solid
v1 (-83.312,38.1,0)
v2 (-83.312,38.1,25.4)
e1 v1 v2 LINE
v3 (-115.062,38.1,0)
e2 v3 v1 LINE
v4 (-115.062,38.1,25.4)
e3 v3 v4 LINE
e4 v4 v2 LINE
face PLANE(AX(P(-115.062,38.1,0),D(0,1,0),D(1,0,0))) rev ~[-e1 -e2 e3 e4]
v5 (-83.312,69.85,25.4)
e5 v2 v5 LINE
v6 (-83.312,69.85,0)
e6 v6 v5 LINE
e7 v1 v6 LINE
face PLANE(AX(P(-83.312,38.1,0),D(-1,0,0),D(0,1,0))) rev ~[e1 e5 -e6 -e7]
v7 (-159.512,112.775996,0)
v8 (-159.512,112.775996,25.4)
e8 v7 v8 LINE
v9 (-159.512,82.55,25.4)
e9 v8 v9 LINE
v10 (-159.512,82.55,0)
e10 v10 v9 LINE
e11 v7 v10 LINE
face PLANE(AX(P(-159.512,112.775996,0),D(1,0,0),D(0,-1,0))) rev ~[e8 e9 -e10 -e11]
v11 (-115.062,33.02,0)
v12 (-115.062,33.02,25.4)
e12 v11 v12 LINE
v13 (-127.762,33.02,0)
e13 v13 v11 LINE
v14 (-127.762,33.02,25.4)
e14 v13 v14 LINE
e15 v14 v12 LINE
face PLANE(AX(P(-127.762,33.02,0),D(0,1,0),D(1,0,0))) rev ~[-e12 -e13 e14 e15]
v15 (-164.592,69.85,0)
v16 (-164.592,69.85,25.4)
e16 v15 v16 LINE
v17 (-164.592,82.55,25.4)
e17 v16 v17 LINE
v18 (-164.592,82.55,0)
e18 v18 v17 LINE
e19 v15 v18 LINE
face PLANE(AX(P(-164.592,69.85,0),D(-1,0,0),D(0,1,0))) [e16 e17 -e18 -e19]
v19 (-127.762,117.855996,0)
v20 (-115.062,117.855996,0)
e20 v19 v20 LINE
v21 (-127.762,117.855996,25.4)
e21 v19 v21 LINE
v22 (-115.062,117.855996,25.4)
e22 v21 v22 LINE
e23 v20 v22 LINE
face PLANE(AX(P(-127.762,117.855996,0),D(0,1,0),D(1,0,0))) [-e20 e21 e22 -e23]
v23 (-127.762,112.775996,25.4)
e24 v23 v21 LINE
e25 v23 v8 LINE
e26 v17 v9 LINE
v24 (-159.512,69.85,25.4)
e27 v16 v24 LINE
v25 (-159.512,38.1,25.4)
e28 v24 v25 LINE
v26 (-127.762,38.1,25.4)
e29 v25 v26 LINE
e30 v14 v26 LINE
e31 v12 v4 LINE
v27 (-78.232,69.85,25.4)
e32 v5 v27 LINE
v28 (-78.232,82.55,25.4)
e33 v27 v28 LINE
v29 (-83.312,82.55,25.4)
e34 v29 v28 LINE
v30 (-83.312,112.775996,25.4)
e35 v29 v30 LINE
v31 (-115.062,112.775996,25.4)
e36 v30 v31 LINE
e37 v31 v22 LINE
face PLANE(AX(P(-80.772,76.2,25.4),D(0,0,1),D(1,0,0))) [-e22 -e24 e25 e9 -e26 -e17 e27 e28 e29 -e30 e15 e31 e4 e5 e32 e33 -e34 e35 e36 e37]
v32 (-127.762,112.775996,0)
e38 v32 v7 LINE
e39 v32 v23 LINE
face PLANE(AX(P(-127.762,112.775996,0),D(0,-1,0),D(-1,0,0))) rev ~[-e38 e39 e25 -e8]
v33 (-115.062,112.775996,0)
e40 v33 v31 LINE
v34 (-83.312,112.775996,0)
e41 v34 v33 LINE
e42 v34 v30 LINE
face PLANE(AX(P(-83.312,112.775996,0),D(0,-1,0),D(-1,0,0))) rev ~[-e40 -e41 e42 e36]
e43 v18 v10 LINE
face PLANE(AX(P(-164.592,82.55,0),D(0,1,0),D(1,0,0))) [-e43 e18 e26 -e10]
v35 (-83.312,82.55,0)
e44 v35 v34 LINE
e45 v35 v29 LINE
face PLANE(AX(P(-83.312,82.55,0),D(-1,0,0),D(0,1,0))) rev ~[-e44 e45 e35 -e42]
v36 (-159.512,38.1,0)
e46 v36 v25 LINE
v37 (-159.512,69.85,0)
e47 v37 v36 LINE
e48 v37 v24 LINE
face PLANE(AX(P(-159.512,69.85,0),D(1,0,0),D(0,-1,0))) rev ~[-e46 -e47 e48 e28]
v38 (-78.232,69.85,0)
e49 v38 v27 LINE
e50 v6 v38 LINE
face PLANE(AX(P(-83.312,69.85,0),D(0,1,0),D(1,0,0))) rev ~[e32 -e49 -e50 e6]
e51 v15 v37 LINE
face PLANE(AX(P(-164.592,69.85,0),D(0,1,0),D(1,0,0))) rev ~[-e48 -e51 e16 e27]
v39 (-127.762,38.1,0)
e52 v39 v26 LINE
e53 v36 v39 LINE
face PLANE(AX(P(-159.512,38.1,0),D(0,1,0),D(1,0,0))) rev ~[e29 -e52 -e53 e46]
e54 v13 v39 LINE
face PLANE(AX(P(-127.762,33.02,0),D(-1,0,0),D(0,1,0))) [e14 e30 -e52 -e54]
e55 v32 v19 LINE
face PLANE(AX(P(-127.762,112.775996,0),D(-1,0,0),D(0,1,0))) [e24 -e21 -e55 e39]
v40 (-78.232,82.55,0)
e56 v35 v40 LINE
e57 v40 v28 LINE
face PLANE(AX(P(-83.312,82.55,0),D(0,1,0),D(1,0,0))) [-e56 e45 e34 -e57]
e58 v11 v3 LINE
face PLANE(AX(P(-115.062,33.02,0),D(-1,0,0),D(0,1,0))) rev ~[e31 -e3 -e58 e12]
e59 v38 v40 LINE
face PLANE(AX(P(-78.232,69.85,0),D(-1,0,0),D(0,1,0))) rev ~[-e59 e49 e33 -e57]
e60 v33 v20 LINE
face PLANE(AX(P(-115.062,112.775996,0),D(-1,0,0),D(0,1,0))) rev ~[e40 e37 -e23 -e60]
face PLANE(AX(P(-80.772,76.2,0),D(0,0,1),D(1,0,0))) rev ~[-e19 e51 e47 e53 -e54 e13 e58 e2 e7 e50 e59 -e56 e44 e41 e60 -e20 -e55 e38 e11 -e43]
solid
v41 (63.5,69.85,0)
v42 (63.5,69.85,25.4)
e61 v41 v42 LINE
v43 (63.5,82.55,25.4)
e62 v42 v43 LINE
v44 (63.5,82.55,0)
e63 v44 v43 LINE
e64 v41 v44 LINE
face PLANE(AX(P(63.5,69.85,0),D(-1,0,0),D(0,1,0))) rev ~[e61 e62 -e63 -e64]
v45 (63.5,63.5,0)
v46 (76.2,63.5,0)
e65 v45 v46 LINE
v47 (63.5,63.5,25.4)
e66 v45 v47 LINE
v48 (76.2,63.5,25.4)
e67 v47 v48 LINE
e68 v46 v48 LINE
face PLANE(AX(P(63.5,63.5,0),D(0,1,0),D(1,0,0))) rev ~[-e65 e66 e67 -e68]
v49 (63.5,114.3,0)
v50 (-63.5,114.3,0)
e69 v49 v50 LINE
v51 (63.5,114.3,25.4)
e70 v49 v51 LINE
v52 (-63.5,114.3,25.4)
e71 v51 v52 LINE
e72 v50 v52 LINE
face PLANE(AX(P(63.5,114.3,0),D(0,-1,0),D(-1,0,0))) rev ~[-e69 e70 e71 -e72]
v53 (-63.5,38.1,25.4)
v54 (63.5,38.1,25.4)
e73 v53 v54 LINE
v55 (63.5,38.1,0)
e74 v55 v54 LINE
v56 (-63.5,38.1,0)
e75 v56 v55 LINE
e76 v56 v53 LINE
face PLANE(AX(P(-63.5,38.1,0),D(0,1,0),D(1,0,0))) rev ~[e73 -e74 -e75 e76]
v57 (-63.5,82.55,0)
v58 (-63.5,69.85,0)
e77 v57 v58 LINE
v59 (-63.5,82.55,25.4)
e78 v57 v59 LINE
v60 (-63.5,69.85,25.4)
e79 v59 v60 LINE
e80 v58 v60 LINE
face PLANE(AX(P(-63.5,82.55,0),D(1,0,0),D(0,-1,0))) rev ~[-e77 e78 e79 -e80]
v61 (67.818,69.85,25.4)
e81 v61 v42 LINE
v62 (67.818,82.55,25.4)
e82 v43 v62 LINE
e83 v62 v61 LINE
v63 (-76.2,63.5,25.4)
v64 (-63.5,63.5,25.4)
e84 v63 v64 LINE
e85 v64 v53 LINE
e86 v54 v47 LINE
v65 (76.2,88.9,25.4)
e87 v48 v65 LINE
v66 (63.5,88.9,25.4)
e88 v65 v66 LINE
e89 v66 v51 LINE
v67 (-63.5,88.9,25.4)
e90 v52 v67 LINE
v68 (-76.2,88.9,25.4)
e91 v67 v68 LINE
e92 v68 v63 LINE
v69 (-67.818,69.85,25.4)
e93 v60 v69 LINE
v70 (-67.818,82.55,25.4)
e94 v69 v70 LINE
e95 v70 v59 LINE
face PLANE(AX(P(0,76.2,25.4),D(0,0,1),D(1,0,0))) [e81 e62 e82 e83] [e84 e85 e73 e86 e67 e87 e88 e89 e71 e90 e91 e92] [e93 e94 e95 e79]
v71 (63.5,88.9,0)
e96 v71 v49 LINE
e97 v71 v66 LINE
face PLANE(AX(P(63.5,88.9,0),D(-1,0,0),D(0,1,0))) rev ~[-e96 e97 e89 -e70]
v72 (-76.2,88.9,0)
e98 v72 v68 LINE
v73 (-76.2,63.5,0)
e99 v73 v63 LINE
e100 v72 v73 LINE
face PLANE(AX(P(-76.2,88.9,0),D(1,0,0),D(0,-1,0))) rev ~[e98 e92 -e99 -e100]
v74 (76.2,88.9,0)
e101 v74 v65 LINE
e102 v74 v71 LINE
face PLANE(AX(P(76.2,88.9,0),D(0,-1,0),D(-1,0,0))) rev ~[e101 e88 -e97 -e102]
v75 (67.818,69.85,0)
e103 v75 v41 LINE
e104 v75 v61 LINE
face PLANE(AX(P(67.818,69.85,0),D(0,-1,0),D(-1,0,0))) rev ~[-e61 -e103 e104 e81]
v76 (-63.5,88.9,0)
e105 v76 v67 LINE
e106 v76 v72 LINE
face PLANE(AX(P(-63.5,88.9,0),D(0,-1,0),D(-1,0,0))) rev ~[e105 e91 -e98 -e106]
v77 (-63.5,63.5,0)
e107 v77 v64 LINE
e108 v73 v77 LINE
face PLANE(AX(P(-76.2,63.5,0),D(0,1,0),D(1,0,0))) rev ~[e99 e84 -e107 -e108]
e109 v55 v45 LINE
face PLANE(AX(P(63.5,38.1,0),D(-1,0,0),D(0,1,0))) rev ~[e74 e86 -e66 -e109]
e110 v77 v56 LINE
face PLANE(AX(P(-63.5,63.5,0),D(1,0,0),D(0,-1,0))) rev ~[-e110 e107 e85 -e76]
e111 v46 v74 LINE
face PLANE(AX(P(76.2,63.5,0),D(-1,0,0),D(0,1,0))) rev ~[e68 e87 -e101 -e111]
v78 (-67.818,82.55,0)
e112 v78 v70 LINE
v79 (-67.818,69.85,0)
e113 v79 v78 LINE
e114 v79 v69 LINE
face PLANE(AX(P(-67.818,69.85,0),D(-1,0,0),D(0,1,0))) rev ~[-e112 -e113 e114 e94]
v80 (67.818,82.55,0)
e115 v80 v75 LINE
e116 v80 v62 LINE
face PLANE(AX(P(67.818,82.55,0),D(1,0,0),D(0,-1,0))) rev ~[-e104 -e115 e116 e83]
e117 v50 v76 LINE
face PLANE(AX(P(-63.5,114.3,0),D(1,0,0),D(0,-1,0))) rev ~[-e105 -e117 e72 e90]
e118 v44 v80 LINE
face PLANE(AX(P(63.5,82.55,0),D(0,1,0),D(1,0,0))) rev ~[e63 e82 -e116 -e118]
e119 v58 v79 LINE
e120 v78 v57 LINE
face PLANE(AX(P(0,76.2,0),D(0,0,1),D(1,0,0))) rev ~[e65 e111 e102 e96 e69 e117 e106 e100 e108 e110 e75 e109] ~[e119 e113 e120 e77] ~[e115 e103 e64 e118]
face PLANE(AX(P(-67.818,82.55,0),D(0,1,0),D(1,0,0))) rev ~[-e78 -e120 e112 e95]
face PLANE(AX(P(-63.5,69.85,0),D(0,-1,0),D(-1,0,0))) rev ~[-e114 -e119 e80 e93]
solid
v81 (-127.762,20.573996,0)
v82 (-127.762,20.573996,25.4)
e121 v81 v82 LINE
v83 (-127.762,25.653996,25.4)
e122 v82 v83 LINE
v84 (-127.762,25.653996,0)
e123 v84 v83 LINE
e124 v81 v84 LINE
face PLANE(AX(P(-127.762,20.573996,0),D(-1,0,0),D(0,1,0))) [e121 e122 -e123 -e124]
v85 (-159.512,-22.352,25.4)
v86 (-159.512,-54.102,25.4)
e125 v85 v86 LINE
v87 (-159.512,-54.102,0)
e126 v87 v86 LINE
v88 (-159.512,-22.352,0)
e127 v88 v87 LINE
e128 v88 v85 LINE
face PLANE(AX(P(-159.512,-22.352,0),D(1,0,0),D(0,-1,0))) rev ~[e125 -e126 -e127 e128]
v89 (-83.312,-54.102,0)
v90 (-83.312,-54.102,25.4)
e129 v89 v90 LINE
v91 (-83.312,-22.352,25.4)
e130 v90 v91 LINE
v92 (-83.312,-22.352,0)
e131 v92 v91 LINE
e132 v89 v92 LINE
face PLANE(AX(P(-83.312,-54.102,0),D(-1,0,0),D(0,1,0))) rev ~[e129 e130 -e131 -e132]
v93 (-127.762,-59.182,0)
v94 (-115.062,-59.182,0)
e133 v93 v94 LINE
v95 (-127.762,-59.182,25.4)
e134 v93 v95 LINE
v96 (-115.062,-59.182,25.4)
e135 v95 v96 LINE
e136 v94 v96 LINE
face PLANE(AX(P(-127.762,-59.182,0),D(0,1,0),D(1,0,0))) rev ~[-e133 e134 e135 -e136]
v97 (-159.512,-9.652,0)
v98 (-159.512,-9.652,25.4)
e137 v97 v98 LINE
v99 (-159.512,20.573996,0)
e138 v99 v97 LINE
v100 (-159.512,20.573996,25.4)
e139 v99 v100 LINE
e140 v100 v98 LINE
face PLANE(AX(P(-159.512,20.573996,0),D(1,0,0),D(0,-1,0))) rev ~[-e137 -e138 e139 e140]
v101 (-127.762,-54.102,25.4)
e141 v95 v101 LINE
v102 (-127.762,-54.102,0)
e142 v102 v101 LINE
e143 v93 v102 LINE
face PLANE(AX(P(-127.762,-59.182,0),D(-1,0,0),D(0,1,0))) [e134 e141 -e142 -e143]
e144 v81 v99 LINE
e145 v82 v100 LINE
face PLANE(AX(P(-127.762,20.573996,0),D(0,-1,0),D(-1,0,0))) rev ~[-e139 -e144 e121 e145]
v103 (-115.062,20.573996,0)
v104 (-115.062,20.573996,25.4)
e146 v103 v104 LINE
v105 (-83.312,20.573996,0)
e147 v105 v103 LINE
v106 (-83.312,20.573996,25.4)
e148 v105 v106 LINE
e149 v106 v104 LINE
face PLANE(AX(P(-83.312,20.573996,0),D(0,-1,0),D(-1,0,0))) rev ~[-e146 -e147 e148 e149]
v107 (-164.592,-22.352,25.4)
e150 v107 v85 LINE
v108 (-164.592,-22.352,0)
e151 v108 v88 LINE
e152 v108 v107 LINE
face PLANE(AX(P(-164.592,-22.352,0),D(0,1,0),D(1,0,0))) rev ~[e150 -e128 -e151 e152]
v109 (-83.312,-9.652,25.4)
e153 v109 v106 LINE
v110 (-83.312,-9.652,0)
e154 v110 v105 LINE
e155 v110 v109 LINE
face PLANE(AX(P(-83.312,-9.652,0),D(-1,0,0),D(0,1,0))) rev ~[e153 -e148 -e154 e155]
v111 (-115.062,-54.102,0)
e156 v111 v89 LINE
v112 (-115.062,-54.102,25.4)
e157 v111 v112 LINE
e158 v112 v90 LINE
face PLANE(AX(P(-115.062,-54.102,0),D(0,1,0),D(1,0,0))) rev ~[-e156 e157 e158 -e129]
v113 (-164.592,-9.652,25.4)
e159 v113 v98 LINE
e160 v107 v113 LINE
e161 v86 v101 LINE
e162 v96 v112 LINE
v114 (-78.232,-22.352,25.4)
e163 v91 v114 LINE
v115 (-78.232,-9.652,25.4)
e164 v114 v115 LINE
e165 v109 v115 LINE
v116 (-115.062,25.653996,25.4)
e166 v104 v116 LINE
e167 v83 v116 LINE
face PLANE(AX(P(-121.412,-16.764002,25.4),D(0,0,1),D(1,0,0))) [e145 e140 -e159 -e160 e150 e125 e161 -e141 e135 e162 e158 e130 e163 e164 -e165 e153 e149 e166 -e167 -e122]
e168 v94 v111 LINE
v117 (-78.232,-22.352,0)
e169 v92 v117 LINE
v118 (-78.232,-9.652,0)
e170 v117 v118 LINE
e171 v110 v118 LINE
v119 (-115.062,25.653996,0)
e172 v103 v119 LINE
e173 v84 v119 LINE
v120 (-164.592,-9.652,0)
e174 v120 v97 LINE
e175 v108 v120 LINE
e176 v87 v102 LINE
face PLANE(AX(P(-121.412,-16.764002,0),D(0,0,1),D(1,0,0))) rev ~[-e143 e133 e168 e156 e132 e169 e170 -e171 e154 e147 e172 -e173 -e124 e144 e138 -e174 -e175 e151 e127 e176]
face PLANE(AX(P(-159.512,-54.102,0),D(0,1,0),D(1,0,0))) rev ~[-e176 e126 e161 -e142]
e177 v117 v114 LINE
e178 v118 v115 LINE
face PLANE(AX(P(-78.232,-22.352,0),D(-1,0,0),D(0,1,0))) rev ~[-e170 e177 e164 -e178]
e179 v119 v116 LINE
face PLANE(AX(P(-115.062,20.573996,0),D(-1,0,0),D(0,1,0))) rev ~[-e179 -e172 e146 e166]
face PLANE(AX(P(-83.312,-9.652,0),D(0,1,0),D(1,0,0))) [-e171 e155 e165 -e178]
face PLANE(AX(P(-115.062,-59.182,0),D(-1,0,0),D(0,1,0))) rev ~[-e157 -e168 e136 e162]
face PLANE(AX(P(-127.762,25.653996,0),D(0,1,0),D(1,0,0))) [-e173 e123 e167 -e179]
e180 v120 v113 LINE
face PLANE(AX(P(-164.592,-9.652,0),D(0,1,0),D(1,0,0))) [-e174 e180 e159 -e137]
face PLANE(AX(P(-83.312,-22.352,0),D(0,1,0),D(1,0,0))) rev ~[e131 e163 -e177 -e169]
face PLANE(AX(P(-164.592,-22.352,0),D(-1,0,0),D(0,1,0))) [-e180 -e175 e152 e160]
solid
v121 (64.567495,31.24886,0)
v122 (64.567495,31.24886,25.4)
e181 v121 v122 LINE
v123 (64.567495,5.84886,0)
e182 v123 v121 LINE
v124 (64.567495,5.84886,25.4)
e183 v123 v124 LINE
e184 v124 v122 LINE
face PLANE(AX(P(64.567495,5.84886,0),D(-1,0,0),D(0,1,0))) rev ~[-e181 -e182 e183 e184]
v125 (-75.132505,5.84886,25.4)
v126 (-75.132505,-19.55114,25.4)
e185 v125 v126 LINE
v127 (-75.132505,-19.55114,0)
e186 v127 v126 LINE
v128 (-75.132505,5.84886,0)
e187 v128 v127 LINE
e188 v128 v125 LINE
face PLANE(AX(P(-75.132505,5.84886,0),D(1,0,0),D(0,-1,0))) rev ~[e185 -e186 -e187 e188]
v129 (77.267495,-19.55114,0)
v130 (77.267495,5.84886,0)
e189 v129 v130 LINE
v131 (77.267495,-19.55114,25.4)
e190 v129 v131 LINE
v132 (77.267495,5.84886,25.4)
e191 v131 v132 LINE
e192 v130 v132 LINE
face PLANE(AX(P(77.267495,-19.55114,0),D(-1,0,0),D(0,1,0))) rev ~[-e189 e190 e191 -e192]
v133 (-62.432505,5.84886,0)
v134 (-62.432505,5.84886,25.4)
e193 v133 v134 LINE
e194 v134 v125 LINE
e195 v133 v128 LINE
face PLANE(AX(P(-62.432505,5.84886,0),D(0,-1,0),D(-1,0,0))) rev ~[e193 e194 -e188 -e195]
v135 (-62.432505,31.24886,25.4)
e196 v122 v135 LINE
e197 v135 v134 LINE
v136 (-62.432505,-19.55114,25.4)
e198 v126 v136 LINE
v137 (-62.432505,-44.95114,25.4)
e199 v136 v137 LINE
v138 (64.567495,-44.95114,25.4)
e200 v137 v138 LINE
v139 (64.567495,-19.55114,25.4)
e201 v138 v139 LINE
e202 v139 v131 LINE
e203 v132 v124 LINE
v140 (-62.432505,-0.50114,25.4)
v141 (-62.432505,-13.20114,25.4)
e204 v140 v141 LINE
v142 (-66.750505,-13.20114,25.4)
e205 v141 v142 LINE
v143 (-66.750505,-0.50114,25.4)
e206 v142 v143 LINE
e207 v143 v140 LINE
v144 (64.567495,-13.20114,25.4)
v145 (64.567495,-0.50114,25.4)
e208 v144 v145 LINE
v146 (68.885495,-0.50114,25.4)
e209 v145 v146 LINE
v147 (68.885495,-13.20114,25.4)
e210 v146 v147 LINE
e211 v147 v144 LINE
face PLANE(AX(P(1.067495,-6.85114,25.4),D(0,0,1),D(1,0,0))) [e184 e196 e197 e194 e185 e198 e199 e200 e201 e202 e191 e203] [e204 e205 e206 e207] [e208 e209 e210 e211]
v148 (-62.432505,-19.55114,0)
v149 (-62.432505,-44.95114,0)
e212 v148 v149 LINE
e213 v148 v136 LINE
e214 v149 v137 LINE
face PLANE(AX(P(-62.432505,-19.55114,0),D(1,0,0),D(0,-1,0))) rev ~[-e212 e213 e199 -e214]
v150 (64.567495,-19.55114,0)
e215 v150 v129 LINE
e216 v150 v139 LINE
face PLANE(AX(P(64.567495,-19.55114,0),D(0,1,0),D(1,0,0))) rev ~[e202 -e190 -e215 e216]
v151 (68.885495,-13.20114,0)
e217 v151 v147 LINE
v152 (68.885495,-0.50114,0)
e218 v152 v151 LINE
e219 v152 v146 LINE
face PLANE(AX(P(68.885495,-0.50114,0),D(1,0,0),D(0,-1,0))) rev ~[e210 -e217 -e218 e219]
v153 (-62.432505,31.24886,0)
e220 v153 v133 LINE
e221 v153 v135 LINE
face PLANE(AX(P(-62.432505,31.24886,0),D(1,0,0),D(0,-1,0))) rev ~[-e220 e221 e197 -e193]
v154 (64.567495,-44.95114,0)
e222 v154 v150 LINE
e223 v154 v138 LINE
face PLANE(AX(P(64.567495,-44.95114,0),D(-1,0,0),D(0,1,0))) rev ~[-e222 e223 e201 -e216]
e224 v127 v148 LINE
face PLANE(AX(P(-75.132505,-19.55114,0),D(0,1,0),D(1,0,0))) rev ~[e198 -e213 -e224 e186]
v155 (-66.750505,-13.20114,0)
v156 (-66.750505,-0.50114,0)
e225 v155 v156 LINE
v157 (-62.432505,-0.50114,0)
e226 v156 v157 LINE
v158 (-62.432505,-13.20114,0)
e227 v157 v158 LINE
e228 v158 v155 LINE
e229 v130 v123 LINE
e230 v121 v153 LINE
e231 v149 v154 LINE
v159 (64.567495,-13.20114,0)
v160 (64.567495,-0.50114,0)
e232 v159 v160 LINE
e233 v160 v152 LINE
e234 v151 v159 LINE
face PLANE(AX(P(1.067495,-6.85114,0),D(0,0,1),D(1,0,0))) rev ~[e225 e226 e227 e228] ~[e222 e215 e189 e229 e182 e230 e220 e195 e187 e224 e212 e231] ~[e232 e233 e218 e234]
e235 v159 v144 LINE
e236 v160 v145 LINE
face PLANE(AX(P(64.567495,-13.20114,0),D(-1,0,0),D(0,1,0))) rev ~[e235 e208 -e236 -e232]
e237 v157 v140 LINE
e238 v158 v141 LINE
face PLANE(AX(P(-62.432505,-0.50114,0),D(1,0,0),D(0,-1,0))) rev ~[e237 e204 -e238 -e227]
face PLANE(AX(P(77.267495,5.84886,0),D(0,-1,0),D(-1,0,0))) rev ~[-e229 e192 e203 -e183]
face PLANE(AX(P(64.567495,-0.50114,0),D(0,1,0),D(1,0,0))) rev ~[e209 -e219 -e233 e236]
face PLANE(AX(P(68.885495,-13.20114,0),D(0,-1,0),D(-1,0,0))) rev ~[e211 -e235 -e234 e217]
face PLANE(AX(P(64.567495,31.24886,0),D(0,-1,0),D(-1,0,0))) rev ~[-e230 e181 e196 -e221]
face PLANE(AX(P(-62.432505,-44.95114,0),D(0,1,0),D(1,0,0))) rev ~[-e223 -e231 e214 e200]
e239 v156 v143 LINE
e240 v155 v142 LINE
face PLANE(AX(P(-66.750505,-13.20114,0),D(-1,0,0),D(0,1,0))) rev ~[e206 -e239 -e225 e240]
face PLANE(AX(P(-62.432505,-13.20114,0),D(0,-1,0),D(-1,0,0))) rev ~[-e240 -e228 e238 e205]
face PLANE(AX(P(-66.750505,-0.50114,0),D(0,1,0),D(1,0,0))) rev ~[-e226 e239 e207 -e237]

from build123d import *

# Parameters (mm, degrees)
F0_W     = 5.08
F0_H     = 12.7
F0_W_2   = 12.7
F0_H_2   = 5.08
F0_W_3   = 2.032
F1_DEPTH = 25.4


with BuildPart() as f1:
    # F0 (on Top) → F1 (new body)
    with BuildSketch(Plane.XY):
        Polygon((-63.5, 63.5), (-63.5, 38.1), (63.5, 38.1), (63.5, 63.5), (63.5, 69.85), (63.5, 76.2), (63.5, 82.55), (63.5, 88.9), (63.5, 114.3), (-63.5, 114.3), (-63.5, 88.9), (-63.5, 82.55), (-63.5, 76.2), (-63.5, 69.85), align=None)
        Polygon((-76.2, 63.5), (-63.5, 63.5), (-63.5, 69.85), (-67.818, 69.85), (-69.85, 69.85), (-69.85, 82.55), (-67.818, 82.55), (-63.5, 82.55), (-63.5, 88.9), (-76.2, 88.9), align=None)
        Polygon((63.5, 69.85), (63.5, 63.5), (76.2, 63.5), (76.2, 88.9), (63.5, 88.9), (63.5, 82.55), (67.818, 82.55), (69.85, 82.55), (69.85, 69.85), (68.2625, 69.85), (67.818, 69.85), (66.04, 69.85), align=None)
        with Locations((-80.772, 76.2)):
            Rectangle(F0_W, F0_H)
        Polygon((-83.312, 69.85), (-83.312, 82.55), (-83.312, 112.775996), (-115.062, 112.775996), (-127.762, 112.775996), (-159.512, 112.775996), (-159.512, 82.55), (-159.512, 69.85), (-159.512, 38.1), (-127.762, 38.1), (-115.062, 38.1), (-83.312, 38.1), align=None)
        with Locations((-121.412, 115.315996)):
            Rectangle(F0_W_2, F0_H_2)
        with Locations((-121.412, 35.56)):
            Rectangle(F0_W_2, F0_H_2)
        with Locations((-162.052, 76.2)):
            Rectangle(F0_W, F0_H)
        Polygon((-62.432505, -19.55114), (-62.432505, -44.95114), (64.567495, -44.95114), (64.567495, -19.55114), (64.567495, -13.20114), (64.567495, -6.85114), (64.567495, -0.50114), (64.567495, 5.84886), (64.567495, 31.24886), (-62.432505, 31.24886), (-62.432505, 5.84886), (-62.432505, -0.50114), (-62.432505, -6.85114), (-62.432505, -13.20114), align=None)
        Polygon((-75.132505, -19.55114), (-62.432505, -19.55114), (-62.432505, -13.20114), (-66.750505, -13.20114), (-68.782505, -13.20114), (-68.782505, -0.50114), (-66.750505, -0.50114), (-62.432505, -0.50114), (-62.432505, 5.84886), (-75.132505, 5.84886), align=None)
        Polygon((64.567495, -13.20114), (64.567495, -19.55114), (77.267495, -19.55114), (77.267495, 5.84886), (64.567495, 5.84886), (64.567495, -0.50114), (68.885495, -0.50114), (70.917495, -0.50114), (70.917495, -13.20114), (69.329995, -13.20114), (68.885495, -13.20114), (67.107495, -13.20114), align=None)
        Polygon((-115.062, -54.102), (-83.312, -54.102), (-83.312, -22.352), (-83.312, -9.652), (-83.312, 20.573996), (-115.062, 20.573996), (-127.762, 20.573996), (-159.512, 20.573996), (-159.512, -9.652), (-159.512, -22.352), (-159.512, -54.102), (-127.762, -54.102), align=None)
        with Locations((-80.772, -16.002)):
            Rectangle(F0_W, F0_H)
        with Locations((-121.412, -56.642)):
            Rectangle(F0_W_2, F0_H_2)
        with Locations((-121.412, 23.113996)):
            Rectangle(F0_W_2, F0_H_2)
        with Locations((-162.052, -16.002)):
            Rectangle(F0_W, F0_H)
        with Locations((-67.766505, -6.85114)):
            Rectangle(F0_W_3, F0_H)
        Polygon((68.885495, -0.50114), (68.885495, -13.20114), (69.329995, -13.20114), (70.917495, -13.20114), (70.917495, -0.50114), align=None)
        Polygon((67.818, 82.55), (67.818, 69.85), (68.2625, 69.85), (69.85, 69.85), (69.85, 82.55), align=None)
        with Locations((-68.834, 76.2)):
            Rectangle(F0_W_3, F0_H)
    extrude(amount=F1_DEPTH)


solid = f1.part
